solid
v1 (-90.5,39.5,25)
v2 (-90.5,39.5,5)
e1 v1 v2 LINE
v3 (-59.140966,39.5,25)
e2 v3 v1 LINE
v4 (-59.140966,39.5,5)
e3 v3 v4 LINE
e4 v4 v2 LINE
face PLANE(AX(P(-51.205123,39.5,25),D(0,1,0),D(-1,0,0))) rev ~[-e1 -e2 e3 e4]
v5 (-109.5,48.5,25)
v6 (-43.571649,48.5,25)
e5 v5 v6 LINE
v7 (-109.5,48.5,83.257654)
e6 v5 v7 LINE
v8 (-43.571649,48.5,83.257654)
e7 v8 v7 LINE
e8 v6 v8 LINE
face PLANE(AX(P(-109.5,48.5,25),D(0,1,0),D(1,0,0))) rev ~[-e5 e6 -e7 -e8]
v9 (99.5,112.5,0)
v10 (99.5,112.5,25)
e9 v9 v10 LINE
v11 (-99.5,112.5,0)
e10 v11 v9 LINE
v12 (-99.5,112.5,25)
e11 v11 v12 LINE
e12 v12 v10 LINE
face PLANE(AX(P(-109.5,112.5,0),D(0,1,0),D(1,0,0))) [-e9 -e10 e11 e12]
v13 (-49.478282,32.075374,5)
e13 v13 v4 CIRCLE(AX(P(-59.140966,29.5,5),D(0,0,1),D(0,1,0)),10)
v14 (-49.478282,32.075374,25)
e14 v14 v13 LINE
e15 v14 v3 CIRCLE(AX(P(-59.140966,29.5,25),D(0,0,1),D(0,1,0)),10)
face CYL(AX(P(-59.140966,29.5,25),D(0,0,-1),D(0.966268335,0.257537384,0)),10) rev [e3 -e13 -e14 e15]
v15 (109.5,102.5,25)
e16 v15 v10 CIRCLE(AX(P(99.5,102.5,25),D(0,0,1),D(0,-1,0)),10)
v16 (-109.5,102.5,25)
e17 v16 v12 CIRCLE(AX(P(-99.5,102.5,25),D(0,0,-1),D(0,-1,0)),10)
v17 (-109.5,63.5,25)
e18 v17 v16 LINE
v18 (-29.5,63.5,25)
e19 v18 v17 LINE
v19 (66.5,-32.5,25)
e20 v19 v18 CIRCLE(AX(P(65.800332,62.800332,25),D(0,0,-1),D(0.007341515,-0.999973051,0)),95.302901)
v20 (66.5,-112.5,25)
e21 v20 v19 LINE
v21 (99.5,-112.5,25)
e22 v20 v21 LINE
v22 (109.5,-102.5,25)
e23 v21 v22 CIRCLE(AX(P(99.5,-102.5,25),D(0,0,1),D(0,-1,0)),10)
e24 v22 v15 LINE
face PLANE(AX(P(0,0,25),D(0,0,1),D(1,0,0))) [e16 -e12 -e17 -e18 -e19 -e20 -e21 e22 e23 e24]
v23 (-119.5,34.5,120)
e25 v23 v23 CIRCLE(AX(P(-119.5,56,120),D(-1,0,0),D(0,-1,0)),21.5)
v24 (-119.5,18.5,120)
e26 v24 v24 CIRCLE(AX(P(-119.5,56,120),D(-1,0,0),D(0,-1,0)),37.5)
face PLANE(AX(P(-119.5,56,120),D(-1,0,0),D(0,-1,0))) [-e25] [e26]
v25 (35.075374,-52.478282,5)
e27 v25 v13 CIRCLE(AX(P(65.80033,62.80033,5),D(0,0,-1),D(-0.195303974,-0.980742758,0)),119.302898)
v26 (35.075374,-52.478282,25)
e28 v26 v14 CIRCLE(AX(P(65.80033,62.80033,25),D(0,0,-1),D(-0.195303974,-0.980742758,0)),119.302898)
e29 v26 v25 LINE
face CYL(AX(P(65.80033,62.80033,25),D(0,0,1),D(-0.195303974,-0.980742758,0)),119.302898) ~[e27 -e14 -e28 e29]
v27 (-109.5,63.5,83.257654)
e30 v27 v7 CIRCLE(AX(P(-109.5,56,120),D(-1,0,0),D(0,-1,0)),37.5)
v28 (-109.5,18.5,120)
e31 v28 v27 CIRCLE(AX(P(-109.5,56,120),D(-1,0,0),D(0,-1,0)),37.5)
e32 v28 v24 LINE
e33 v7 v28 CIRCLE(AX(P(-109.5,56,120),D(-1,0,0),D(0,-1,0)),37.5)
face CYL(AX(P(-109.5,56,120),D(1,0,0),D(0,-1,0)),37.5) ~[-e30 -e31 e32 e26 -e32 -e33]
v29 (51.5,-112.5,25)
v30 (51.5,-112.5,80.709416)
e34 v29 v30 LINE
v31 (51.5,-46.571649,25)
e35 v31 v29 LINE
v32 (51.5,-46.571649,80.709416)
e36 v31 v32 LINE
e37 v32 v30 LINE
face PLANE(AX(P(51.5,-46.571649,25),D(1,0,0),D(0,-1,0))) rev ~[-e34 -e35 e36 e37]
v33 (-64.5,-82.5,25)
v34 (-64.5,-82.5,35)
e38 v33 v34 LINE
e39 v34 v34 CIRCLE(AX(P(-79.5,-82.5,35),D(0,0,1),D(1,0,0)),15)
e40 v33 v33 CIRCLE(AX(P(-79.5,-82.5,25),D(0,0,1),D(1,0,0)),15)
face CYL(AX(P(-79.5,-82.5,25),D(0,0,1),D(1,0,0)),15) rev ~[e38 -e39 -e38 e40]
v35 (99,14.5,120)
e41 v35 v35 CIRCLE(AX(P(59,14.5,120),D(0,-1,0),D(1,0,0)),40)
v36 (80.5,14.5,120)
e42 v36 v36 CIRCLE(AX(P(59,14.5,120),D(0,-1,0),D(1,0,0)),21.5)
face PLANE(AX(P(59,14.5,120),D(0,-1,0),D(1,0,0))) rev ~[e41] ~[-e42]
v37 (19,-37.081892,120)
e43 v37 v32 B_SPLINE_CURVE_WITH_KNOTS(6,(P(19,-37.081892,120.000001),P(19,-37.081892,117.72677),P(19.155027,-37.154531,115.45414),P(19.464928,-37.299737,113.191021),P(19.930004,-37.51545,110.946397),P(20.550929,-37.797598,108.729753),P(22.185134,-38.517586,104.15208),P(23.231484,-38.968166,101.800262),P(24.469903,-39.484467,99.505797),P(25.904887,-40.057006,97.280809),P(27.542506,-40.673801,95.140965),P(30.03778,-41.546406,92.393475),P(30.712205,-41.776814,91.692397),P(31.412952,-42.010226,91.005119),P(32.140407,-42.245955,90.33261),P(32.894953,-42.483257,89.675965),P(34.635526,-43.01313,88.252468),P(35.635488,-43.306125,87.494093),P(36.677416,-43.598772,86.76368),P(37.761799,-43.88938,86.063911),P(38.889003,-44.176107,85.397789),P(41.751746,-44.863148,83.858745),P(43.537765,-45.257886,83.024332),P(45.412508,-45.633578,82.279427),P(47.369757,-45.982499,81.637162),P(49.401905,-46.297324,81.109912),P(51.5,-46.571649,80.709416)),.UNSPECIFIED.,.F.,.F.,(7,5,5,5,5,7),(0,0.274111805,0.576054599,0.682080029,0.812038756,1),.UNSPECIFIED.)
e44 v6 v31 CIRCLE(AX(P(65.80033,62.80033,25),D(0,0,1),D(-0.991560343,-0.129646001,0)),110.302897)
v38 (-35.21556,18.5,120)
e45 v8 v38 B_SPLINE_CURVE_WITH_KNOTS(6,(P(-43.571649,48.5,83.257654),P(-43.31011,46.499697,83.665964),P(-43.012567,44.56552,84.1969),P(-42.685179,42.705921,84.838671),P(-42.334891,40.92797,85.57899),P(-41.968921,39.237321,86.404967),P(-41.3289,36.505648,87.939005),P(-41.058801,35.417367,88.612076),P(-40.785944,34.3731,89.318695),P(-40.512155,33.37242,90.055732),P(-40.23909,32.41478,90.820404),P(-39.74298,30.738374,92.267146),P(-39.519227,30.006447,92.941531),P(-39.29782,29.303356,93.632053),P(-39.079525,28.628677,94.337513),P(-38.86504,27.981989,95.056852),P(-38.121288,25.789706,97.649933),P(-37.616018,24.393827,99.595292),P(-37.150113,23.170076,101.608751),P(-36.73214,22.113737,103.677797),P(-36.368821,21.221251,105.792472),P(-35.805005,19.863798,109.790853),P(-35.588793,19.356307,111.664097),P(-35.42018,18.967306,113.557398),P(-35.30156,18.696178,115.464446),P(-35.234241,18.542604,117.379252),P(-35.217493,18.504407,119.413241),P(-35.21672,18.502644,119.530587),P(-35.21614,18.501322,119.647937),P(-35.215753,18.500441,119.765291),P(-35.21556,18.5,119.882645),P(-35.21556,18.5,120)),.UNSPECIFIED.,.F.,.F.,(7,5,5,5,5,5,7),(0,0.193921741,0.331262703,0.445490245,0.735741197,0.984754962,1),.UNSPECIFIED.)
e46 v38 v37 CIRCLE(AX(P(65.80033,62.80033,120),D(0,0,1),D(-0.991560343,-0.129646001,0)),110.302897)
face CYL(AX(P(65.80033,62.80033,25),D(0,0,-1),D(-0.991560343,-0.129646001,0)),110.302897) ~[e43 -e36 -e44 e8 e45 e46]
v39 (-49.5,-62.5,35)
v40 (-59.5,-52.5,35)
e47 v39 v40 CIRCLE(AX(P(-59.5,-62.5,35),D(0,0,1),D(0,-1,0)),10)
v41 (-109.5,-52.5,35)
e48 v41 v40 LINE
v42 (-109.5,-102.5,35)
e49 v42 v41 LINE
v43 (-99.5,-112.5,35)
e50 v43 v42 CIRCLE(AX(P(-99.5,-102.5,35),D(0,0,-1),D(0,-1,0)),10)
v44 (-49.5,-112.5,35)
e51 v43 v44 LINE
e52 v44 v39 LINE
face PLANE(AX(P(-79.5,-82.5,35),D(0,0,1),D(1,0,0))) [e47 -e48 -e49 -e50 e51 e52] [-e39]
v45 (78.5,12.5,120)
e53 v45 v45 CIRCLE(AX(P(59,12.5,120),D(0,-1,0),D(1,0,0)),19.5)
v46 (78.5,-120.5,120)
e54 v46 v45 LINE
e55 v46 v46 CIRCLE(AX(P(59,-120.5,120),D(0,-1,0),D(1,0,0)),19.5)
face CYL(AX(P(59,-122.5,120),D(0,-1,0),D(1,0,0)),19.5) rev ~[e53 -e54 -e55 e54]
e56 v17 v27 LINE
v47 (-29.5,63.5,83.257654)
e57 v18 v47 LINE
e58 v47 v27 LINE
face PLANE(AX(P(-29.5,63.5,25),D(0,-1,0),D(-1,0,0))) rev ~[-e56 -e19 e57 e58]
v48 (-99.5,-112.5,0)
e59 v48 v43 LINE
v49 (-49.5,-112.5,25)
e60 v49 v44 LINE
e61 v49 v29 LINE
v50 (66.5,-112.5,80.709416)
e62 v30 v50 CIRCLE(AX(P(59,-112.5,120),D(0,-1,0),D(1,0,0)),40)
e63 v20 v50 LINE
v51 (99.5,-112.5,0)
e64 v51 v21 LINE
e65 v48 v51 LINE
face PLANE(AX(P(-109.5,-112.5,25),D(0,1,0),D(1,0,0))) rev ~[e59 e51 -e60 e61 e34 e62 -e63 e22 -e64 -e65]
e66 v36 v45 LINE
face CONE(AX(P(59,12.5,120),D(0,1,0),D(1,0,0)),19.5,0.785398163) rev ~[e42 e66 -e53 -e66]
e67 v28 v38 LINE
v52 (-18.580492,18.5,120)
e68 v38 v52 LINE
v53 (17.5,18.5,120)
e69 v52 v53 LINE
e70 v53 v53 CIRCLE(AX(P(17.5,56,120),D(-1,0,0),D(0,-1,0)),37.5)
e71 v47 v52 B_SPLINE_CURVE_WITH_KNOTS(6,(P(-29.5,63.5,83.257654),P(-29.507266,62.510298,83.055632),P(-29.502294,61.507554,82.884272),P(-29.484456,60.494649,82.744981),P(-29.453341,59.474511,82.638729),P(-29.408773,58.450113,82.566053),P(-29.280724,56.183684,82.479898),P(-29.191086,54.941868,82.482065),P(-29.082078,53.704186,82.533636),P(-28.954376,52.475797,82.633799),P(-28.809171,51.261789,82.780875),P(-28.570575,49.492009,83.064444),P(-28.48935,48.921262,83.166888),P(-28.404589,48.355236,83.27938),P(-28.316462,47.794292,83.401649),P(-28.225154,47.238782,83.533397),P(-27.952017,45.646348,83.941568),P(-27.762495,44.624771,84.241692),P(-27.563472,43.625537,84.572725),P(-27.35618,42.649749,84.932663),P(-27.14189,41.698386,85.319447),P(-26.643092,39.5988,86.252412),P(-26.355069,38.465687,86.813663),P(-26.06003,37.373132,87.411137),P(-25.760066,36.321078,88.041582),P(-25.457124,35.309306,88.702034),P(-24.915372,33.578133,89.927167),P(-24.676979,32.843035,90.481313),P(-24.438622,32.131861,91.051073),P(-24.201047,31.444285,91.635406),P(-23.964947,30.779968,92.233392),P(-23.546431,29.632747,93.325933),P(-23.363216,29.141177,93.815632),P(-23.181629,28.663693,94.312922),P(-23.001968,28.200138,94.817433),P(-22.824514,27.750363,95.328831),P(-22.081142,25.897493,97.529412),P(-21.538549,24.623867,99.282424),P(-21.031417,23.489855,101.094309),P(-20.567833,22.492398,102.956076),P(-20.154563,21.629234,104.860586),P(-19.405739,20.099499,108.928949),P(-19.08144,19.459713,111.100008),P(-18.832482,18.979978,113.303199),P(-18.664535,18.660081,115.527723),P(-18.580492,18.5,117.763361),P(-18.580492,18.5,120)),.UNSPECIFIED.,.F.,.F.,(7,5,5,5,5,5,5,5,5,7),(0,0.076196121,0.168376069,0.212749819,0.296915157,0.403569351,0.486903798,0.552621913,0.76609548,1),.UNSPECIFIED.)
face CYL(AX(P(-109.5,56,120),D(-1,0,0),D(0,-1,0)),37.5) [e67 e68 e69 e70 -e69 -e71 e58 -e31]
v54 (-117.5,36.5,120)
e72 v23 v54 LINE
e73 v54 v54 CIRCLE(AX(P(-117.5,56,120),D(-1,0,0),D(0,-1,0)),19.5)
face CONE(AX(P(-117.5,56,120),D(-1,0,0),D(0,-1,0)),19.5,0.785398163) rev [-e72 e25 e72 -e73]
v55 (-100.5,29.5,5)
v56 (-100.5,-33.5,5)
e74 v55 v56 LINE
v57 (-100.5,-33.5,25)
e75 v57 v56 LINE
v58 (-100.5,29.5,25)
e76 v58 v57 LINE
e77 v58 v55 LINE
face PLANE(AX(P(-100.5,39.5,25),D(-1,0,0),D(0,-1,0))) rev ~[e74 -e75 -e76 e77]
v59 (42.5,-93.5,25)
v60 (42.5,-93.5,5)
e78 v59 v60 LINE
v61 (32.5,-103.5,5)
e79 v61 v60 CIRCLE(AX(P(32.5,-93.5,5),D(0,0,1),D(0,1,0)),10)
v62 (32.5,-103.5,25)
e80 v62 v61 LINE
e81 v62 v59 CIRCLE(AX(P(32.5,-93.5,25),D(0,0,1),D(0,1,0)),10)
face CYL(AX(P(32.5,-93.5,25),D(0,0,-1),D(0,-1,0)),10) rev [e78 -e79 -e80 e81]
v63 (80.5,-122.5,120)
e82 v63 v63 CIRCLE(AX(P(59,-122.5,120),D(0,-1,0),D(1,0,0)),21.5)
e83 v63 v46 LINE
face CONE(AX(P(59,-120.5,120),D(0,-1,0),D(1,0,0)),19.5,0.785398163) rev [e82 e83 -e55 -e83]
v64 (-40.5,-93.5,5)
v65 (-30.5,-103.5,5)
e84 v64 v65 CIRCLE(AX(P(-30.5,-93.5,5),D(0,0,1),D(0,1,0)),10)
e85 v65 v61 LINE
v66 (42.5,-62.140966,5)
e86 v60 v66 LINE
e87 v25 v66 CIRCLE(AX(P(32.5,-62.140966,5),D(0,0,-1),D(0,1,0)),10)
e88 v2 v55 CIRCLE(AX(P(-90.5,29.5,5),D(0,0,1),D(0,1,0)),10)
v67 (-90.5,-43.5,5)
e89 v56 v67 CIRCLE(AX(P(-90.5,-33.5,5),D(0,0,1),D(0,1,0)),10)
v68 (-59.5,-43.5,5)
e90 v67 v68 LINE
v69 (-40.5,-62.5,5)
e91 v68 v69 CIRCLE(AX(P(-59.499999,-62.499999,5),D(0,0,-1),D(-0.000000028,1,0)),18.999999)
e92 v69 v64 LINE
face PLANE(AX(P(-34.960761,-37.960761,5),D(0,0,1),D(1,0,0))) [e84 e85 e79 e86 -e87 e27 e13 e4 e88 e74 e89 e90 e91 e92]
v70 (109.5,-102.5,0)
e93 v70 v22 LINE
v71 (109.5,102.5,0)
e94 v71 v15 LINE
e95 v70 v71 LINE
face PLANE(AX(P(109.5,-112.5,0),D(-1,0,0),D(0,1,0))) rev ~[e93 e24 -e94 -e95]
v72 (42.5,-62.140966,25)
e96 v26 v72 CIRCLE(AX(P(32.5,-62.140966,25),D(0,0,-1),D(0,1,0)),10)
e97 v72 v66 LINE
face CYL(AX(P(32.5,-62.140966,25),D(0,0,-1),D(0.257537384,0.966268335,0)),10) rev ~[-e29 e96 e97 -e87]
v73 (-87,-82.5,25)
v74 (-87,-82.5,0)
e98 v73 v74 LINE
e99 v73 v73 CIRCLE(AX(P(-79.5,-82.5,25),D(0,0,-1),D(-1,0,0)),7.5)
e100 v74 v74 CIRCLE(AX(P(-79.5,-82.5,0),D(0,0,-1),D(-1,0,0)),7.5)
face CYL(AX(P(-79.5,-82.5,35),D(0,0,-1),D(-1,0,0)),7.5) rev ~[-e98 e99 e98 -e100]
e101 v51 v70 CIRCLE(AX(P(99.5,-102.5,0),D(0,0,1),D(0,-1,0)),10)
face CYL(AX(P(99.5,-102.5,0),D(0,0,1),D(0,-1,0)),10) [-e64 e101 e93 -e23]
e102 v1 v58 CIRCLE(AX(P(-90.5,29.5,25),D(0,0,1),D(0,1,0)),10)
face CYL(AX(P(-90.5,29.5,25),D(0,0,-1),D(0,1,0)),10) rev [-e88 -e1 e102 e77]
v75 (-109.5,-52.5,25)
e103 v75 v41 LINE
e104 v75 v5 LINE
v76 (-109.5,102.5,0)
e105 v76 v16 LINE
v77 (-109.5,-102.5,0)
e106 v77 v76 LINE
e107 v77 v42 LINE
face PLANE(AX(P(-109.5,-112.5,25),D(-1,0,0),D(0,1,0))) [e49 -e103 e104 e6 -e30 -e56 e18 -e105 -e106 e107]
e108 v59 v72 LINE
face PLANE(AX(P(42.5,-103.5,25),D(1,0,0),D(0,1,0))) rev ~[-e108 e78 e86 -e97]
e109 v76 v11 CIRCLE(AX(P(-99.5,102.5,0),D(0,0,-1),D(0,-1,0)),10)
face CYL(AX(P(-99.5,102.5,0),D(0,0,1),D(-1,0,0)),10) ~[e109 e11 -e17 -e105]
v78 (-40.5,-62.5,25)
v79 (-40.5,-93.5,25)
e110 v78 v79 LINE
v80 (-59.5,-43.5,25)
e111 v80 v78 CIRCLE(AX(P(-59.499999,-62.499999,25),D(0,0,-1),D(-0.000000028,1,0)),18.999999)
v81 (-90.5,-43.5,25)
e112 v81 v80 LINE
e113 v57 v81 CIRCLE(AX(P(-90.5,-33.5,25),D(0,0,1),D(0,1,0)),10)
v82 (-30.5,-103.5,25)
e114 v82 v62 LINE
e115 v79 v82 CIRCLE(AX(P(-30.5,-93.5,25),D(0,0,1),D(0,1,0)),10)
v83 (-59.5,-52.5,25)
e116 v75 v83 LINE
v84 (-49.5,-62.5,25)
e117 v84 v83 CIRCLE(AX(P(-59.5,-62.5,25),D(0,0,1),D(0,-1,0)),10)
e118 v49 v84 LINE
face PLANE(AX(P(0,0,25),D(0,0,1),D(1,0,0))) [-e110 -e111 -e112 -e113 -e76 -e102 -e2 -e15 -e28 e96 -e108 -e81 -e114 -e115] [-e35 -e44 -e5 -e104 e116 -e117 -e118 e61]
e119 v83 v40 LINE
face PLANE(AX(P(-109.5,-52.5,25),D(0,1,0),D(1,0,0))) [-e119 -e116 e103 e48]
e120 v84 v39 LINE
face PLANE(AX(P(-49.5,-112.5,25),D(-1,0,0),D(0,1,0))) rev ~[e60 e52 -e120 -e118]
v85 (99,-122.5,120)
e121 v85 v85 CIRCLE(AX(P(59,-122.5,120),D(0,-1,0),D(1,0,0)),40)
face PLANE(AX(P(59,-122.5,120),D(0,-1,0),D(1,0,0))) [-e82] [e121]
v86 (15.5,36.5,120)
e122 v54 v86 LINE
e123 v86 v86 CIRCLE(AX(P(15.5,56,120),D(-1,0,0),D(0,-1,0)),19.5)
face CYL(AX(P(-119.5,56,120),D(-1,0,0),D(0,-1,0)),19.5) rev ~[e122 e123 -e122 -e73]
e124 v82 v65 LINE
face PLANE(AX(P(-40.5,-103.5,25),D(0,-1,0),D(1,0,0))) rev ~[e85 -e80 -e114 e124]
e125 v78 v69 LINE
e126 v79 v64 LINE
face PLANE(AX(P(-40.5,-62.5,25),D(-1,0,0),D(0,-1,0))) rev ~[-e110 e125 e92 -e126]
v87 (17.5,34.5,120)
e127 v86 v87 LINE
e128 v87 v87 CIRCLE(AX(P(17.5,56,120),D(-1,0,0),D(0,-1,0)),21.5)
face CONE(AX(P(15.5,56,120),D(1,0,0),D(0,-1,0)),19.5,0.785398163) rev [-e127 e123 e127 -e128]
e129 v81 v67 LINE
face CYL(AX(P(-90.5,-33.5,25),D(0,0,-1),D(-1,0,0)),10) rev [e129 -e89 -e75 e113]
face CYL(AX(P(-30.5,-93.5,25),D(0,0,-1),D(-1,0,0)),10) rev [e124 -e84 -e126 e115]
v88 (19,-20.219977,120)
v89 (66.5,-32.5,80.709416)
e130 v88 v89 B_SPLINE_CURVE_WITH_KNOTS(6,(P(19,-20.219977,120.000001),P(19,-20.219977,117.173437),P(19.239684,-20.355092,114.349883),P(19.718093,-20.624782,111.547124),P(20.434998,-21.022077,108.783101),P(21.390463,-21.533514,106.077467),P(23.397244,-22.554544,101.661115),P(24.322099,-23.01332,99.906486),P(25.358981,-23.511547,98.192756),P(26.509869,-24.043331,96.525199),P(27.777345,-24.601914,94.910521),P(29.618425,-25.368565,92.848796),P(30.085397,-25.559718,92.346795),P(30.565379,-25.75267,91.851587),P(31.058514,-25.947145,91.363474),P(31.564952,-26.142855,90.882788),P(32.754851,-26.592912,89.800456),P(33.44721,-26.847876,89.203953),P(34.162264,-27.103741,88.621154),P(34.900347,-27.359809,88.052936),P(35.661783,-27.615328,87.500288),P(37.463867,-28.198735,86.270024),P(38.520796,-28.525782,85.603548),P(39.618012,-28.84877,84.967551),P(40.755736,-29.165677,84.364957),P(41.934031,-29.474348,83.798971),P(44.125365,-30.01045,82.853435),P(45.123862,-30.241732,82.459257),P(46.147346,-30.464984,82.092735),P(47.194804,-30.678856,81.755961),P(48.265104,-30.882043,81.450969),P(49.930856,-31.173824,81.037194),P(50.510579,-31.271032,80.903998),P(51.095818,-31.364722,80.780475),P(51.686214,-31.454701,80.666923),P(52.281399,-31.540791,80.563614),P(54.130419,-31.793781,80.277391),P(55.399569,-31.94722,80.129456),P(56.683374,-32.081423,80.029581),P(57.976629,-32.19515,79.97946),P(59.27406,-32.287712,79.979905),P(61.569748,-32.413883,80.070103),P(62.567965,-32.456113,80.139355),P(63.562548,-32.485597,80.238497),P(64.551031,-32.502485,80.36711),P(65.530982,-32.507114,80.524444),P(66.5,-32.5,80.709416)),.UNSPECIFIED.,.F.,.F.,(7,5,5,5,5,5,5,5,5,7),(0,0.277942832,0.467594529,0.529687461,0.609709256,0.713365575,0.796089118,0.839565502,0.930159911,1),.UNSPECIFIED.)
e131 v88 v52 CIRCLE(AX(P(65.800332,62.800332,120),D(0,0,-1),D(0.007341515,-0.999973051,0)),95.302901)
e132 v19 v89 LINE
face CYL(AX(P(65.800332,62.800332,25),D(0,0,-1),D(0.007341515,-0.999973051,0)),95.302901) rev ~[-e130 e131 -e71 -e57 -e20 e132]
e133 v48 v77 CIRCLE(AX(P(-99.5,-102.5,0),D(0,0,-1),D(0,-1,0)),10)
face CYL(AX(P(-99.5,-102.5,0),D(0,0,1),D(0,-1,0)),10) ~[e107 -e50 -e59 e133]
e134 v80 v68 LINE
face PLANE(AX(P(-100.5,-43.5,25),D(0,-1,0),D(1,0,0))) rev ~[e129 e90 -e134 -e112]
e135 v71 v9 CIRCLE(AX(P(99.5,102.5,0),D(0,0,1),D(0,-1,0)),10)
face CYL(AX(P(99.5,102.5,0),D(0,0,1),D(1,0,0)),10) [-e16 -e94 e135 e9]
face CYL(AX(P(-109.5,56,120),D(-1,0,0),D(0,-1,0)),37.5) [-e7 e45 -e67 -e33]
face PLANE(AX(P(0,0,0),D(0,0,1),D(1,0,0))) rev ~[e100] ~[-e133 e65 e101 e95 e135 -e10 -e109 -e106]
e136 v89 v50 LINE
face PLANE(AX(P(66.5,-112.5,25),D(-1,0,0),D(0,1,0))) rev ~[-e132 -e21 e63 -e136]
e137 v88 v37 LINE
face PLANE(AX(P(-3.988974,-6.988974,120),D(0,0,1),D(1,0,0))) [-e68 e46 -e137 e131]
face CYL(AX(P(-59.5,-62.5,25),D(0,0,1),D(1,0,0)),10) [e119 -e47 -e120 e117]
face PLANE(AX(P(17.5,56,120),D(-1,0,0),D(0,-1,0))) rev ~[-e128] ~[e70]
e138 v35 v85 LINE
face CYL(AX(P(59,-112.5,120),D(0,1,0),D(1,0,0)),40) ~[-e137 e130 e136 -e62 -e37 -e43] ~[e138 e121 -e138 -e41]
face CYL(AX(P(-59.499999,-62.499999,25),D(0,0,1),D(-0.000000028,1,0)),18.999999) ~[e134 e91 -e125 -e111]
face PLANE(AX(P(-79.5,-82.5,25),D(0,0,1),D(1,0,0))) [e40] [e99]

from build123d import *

# Parameters (mm, degrees)
F0_W            = 219
F0_H            = 225
F1_DEPTH        = 25
F3_DEPTH        = 95
F4_R            = 37.5
F5_DEPTH        = 10
F5_DEPTH_BACK   = 127
F6_R            = 40
F7_DEPTH        = 10
F7_DEPTH_BACK   = 127
F8_W            = 60
F8_H            = 60
F9_DEPTH        = 10
F10_R           = 10
F12_DEPTH       = 20
F14_D           = 15
F14_CBORE_D     = 30
F14_CBORE_DEPTH = 10
F15_R           = 10
F16_R           = 19.5
F17_DEPTH       = 229.001
F18_R           = 19.5
F19_DEPTH       = 235.001
F20_SIZE        = 2
F21_R           = 10


with BuildPart() as f1:
    # F0 (on Top) → F1 (new body)
    with BuildSketch(Plane.XY):
        Rectangle(F0_W, F0_H)
    extrude(amount=F1_DEPTH)

    # F2 (on face) → F3 (join)
    with BuildSketch(Plane.XY.offset(25)):
        with BuildLine():
            Line((-29.5, 63.5), (-109.5, 63.5))
            Line((-109.5, 63.5), (-109.5, 48.5))
            Line((-109.5, 48.5), (-43.571649, 48.5))
            ThreePointArc((-43.571649, 48.5), (-12.195597, -15.195597), (51.5, -46.571649))
            Line((51.5, -46.571649), (51.5, -112.5))
            Line((51.5, -112.5), (66.5, -112.5))
            Line((66.5, -112.5), (66.5, -32.5))
            ThreePointArc((66.5, -32.5), (-1.588995, -4.588995), (-29.5, 63.5))
        make_face()
    extrude(amount=F3_DEPTH)

    # F4 (on face) → F5 (join, two sides)
    with BuildSketch(Plane(origin=(-109.5, 0, 0), x_dir=(0, -1, 0), z_dir=(-1, 0, 0))) as f5_sk:
        with Locations((-56, 120)):
            Circle(F4_R)
    extrude(amount=F5_DEPTH)
    extrude(f5_sk.sketch, amount=-F5_DEPTH_BACK)

    # F6 (on face) → F7 (join, two sides)
    with BuildSketch(Plane.XZ.offset(112.5)) as f7_sk:
        with Locations((59, 120)):
            Circle(F6_R)
    extrude(amount=F7_DEPTH)
    extrude(f7_sk.sketch, amount=-F7_DEPTH_BACK)

    # F8 (on face) → F9 (join)
    with BuildSketch(Plane.XY.offset(25)):
        with Locations((-79.5, -82.5)):
            Rectangle(F8_W, F8_H)
    extrude(amount=F9_DEPTH)

    # F10
    f10_edges = [f1.edges().sort_by_distance(p)[0] for p in [
        (-49.5, -52.5, 30),
    ]]
    fillet(f10_edges, radius=F10_R)

    # F11 (on face) → F12 (cut)
    with BuildSketch(Plane.XY.offset(25)):
        with BuildLine():
            ThreePointArc((42.5, -54.205123), (-18.559558, -21.559558), (-51.205123, 39.5))
            Line((-51.205123, 39.5), (-100.5, 39.5))
            Line((-100.5, 39.5), (-100.5, -43.5))
            Line((-100.5, -43.5), (-59.5, -43.5))
            ThreePointArc((-59.5, -43.5), (-46.064971, -49.064971), (-40.5, -62.5))
            Line((-40.5, -62.5), (-40.5, -103.5))
            Line((-40.5, -103.5), (42.5, -103.5))
            Line((42.5, -103.5), (42.5, -54.205123))
        make_face()
    extrude(amount=-F12_DEPTH, mode=Mode.SUBTRACT)

    # F14 (through all)
    with Locations(Plane.XY.offset(35)):
        with Locations((-79.5, -82.5)):
            CounterBoreHole(F14_D / 2, F14_CBORE_D / 2, F14_CBORE_DEPTH)

    # F15
    f15_edges = [f1.edges().sort_by_distance(p)[0] for p in [
        (42.5, -54.205123, 15),
        (-51.205123, 39.5, 15),
        (42.5, -103.5, 15),
        (-40.5, -103.5, 15),
        (-100.5, 39.5, 15),
        (-100.5, -43.5, 15),
    ]]
    fillet(f15_edges, radius=F15_R)

    # F16 (on face) → F17 (cut, through all)
    with BuildSketch(Plane(origin=(-119.5, 0, 0), x_dir=(0, -1, 0), z_dir=(-1, 0, 0))):
        with Locations((-56, 120)):
            Circle(F16_R)
    extrude(amount=-F17_DEPTH, mode=Mode.SUBTRACT)

    # F18 (on face) → F19 (cut, through all)
    with BuildSketch(Plane.XZ.offset(122.5)):
        with Locations((59, 120)):
            Circle(F18_R)
    extrude(amount=-F19_DEPTH, mode=Mode.SUBTRACT)

    # F20
    f20_edges = [f1.edges().sort_by_distance(p)[0] for p in [
        (-119.5, 75.5, 120),
        (39.5, -122.5, 120),
        (39.5, 14.5, 120),
        (17.5, 75.5, 120),
    ]]
    chamfer(f20_edges, length=F20_SIZE)

    # F21
    f21_edges = [f1.edges().sort_by_distance(p)[0] for p in [
        (-109.5, -112.5, 17.5),
        (109.5, -112.5, 12.5),
        (109.5, 112.5, 12.5),
        (-109.5, 112.5, 12.5),
    ]]
    fillet(f21_edges, radius=F21_R)


solid = f1.part
